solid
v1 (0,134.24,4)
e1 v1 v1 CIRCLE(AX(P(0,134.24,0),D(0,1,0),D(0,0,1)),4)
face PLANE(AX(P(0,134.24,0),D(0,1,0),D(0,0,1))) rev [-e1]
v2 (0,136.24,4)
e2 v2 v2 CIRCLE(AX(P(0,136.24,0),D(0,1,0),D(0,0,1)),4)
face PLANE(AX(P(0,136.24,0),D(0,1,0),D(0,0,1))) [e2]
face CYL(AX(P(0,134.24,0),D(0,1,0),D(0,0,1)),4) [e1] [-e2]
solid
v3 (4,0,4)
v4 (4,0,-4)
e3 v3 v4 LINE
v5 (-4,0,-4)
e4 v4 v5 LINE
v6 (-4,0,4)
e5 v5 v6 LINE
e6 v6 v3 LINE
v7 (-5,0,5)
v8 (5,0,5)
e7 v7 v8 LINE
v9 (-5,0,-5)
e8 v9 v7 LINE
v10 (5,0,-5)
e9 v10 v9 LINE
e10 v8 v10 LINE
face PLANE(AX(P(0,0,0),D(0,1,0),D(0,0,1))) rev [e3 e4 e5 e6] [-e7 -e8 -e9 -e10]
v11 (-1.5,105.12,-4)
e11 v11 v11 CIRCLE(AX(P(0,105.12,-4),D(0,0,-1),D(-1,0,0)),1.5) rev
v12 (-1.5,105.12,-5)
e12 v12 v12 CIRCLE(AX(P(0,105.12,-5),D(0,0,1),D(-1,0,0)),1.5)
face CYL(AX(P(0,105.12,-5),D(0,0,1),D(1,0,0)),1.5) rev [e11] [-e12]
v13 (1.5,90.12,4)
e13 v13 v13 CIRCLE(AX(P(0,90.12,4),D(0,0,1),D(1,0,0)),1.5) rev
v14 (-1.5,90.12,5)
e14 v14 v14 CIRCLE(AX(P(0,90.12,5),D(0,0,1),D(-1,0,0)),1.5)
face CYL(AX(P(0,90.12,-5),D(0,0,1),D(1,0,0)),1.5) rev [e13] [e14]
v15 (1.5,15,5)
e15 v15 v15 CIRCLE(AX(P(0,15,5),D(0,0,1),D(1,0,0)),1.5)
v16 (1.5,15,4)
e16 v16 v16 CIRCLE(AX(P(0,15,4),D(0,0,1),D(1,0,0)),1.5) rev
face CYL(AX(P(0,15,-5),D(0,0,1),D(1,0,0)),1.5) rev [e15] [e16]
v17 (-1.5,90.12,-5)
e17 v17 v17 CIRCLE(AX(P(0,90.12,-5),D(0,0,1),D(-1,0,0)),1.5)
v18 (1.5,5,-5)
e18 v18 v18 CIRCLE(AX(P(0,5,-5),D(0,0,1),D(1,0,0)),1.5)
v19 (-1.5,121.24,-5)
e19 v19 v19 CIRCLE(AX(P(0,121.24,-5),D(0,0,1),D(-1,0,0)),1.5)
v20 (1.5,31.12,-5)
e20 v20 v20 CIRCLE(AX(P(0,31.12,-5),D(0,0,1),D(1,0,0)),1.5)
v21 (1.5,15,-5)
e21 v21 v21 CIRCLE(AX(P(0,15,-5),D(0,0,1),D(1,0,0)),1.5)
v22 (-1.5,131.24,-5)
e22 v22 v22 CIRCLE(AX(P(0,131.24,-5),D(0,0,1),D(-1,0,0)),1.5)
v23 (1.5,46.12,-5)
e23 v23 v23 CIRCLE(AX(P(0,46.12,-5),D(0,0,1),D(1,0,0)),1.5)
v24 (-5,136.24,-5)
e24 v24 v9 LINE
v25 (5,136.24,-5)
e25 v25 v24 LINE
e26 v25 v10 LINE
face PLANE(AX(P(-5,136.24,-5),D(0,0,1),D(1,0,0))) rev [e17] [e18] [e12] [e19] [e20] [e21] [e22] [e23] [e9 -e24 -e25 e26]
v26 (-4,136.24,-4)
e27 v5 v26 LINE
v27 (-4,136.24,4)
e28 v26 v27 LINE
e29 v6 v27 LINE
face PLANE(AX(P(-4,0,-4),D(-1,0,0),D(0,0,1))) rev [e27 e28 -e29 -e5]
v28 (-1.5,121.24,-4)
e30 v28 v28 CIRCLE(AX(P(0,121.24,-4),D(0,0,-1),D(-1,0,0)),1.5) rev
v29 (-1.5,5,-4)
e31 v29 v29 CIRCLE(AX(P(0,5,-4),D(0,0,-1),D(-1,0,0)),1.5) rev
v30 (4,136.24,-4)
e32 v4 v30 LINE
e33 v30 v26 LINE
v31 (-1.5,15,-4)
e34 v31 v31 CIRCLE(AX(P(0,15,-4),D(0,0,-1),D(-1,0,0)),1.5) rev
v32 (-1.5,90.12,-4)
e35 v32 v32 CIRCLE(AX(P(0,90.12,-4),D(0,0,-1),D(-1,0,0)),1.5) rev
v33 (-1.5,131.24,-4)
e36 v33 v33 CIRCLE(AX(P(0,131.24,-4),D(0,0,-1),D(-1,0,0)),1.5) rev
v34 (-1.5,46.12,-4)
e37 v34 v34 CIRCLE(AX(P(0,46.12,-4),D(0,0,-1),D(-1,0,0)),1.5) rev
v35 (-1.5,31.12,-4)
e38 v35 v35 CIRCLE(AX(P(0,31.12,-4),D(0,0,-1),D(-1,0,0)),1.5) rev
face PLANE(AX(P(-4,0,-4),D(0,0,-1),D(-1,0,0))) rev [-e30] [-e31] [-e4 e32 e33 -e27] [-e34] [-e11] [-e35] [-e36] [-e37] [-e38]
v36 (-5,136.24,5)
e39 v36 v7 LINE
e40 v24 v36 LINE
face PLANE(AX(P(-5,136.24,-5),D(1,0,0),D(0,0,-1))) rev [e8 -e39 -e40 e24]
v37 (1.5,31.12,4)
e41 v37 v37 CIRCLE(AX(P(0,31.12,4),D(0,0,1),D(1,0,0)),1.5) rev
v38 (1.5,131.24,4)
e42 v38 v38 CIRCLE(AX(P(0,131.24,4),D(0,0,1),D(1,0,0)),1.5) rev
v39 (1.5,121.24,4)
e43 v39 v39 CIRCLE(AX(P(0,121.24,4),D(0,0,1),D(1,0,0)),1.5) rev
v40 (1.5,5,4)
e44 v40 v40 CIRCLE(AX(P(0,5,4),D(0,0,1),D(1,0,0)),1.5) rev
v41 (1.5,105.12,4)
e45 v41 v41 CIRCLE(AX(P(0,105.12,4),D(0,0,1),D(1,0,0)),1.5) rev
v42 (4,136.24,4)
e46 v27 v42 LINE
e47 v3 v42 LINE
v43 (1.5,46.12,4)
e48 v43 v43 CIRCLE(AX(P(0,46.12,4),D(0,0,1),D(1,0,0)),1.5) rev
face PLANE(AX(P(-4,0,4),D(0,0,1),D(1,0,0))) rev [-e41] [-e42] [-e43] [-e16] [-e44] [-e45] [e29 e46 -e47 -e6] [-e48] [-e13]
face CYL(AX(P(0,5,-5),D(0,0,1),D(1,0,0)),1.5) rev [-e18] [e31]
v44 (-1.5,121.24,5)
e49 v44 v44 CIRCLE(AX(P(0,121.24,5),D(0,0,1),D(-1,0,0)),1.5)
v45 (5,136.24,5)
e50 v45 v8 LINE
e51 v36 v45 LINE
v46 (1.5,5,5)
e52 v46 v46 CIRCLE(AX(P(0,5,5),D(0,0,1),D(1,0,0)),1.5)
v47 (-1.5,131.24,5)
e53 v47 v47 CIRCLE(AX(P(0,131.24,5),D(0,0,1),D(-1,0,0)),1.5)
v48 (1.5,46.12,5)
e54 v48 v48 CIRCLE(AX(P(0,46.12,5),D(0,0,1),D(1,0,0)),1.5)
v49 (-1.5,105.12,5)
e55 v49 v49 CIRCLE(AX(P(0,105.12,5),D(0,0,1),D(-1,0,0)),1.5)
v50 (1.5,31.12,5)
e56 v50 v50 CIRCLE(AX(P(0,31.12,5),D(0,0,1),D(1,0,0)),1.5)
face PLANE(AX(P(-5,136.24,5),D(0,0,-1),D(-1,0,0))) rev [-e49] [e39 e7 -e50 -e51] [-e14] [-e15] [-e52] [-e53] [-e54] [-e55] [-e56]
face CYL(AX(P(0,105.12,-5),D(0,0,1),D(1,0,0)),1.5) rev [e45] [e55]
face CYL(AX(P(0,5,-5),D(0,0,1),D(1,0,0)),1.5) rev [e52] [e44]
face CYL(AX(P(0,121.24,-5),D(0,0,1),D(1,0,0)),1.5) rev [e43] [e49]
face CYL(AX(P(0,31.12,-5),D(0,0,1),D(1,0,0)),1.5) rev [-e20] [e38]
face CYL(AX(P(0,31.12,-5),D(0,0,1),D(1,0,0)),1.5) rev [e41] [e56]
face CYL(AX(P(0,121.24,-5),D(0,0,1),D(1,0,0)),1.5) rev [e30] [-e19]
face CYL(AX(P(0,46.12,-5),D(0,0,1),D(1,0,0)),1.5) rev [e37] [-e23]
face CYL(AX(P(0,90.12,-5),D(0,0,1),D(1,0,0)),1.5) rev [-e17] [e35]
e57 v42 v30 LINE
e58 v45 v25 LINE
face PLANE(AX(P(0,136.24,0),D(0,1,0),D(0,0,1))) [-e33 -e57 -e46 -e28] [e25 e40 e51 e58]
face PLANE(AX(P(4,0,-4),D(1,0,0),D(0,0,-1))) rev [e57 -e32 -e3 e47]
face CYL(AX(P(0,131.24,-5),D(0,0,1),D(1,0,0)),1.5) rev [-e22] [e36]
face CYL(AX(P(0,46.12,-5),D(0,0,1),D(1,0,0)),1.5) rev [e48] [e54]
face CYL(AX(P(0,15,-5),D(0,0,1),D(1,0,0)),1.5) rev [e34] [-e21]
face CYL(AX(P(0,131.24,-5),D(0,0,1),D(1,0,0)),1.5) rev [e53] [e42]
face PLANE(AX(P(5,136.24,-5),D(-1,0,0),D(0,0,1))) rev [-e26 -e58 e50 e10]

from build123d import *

# Parameters (mm, degrees)
SKETCH_1_W          = 10
SKETCH_1_H          = 10
EXTRUDE_1_DEPTH     = 136.24
SKETCH_2_R          = 1.5
CUT_EXTRUDE_1_DEPTH = 137.697979502
SKETCH_3_W          = 8
SKETCH_3_H          = 8
CUT_EXTRUDE_2_DEPTH = 137.423376296
SKETCH_4_R          = 4
EXTRUDE_1251_DEPTH  = 2


with BuildPart() as part:
    # 草图1 → 凸台-拉伸1 (new body)
    with BuildSketch(Plane(origin=(0, 0, 0), x_dir=(1, 0, 0), z_dir=(0, 1, 0))):
        Rectangle(SKETCH_1_W, SKETCH_1_H)
    extrude(amount=EXTRUDE_1_DEPTH)

    # 草图2 → 切除-拉伸1 (cut, through all)
    with BuildSketch(Plane.XY.offset(5)):
        with Locations((0, 5)):
            Circle(SKETCH_2_R)
        with Locations((0, 15)):
            Circle(SKETCH_2_R)
        with Locations((0, 121.24)):
            Circle(SKETCH_2_R)
        with Locations((0, 131.24)):
            Circle(SKETCH_2_R)
        with Locations((0, 46.12)):
            Circle(SKETCH_2_R)
        with Locations((0, 90.12)):
            Circle(SKETCH_2_R)
        with Locations((0, 31.12)):
            Circle(SKETCH_2_R)
        with Locations((0, 105.12)):
            Circle(SKETCH_2_R)
    extrude(amount=-CUT_EXTRUDE_1_DEPTH, mode=Mode.SUBTRACT)

    # 草图3 → 切除-拉伸2 (cut, through all)
    with BuildSketch(Plane(origin=(0, 136.24, 0), x_dir=(1, 0, 0), z_dir=(0, 1, 0))):
        Rectangle(SKETCH_3_W, SKETCH_3_H)
    extrude(amount=-CUT_EXTRUDE_2_DEPTH, mode=Mode.SUBTRACT)


with BuildPart() as body_2:
    # 草图4 → Extrude 1251 (new body)
    with BuildSketch(Plane(origin=(0, 136.24, 0), x_dir=(1, 0, 0), z_dir=(0, 1, 0))):
        Circle(SKETCH_4_R)
    extrude(amount=-EXTRUDE_1251_DEPTH)


solid = Compound([part.part, body_2.part])
